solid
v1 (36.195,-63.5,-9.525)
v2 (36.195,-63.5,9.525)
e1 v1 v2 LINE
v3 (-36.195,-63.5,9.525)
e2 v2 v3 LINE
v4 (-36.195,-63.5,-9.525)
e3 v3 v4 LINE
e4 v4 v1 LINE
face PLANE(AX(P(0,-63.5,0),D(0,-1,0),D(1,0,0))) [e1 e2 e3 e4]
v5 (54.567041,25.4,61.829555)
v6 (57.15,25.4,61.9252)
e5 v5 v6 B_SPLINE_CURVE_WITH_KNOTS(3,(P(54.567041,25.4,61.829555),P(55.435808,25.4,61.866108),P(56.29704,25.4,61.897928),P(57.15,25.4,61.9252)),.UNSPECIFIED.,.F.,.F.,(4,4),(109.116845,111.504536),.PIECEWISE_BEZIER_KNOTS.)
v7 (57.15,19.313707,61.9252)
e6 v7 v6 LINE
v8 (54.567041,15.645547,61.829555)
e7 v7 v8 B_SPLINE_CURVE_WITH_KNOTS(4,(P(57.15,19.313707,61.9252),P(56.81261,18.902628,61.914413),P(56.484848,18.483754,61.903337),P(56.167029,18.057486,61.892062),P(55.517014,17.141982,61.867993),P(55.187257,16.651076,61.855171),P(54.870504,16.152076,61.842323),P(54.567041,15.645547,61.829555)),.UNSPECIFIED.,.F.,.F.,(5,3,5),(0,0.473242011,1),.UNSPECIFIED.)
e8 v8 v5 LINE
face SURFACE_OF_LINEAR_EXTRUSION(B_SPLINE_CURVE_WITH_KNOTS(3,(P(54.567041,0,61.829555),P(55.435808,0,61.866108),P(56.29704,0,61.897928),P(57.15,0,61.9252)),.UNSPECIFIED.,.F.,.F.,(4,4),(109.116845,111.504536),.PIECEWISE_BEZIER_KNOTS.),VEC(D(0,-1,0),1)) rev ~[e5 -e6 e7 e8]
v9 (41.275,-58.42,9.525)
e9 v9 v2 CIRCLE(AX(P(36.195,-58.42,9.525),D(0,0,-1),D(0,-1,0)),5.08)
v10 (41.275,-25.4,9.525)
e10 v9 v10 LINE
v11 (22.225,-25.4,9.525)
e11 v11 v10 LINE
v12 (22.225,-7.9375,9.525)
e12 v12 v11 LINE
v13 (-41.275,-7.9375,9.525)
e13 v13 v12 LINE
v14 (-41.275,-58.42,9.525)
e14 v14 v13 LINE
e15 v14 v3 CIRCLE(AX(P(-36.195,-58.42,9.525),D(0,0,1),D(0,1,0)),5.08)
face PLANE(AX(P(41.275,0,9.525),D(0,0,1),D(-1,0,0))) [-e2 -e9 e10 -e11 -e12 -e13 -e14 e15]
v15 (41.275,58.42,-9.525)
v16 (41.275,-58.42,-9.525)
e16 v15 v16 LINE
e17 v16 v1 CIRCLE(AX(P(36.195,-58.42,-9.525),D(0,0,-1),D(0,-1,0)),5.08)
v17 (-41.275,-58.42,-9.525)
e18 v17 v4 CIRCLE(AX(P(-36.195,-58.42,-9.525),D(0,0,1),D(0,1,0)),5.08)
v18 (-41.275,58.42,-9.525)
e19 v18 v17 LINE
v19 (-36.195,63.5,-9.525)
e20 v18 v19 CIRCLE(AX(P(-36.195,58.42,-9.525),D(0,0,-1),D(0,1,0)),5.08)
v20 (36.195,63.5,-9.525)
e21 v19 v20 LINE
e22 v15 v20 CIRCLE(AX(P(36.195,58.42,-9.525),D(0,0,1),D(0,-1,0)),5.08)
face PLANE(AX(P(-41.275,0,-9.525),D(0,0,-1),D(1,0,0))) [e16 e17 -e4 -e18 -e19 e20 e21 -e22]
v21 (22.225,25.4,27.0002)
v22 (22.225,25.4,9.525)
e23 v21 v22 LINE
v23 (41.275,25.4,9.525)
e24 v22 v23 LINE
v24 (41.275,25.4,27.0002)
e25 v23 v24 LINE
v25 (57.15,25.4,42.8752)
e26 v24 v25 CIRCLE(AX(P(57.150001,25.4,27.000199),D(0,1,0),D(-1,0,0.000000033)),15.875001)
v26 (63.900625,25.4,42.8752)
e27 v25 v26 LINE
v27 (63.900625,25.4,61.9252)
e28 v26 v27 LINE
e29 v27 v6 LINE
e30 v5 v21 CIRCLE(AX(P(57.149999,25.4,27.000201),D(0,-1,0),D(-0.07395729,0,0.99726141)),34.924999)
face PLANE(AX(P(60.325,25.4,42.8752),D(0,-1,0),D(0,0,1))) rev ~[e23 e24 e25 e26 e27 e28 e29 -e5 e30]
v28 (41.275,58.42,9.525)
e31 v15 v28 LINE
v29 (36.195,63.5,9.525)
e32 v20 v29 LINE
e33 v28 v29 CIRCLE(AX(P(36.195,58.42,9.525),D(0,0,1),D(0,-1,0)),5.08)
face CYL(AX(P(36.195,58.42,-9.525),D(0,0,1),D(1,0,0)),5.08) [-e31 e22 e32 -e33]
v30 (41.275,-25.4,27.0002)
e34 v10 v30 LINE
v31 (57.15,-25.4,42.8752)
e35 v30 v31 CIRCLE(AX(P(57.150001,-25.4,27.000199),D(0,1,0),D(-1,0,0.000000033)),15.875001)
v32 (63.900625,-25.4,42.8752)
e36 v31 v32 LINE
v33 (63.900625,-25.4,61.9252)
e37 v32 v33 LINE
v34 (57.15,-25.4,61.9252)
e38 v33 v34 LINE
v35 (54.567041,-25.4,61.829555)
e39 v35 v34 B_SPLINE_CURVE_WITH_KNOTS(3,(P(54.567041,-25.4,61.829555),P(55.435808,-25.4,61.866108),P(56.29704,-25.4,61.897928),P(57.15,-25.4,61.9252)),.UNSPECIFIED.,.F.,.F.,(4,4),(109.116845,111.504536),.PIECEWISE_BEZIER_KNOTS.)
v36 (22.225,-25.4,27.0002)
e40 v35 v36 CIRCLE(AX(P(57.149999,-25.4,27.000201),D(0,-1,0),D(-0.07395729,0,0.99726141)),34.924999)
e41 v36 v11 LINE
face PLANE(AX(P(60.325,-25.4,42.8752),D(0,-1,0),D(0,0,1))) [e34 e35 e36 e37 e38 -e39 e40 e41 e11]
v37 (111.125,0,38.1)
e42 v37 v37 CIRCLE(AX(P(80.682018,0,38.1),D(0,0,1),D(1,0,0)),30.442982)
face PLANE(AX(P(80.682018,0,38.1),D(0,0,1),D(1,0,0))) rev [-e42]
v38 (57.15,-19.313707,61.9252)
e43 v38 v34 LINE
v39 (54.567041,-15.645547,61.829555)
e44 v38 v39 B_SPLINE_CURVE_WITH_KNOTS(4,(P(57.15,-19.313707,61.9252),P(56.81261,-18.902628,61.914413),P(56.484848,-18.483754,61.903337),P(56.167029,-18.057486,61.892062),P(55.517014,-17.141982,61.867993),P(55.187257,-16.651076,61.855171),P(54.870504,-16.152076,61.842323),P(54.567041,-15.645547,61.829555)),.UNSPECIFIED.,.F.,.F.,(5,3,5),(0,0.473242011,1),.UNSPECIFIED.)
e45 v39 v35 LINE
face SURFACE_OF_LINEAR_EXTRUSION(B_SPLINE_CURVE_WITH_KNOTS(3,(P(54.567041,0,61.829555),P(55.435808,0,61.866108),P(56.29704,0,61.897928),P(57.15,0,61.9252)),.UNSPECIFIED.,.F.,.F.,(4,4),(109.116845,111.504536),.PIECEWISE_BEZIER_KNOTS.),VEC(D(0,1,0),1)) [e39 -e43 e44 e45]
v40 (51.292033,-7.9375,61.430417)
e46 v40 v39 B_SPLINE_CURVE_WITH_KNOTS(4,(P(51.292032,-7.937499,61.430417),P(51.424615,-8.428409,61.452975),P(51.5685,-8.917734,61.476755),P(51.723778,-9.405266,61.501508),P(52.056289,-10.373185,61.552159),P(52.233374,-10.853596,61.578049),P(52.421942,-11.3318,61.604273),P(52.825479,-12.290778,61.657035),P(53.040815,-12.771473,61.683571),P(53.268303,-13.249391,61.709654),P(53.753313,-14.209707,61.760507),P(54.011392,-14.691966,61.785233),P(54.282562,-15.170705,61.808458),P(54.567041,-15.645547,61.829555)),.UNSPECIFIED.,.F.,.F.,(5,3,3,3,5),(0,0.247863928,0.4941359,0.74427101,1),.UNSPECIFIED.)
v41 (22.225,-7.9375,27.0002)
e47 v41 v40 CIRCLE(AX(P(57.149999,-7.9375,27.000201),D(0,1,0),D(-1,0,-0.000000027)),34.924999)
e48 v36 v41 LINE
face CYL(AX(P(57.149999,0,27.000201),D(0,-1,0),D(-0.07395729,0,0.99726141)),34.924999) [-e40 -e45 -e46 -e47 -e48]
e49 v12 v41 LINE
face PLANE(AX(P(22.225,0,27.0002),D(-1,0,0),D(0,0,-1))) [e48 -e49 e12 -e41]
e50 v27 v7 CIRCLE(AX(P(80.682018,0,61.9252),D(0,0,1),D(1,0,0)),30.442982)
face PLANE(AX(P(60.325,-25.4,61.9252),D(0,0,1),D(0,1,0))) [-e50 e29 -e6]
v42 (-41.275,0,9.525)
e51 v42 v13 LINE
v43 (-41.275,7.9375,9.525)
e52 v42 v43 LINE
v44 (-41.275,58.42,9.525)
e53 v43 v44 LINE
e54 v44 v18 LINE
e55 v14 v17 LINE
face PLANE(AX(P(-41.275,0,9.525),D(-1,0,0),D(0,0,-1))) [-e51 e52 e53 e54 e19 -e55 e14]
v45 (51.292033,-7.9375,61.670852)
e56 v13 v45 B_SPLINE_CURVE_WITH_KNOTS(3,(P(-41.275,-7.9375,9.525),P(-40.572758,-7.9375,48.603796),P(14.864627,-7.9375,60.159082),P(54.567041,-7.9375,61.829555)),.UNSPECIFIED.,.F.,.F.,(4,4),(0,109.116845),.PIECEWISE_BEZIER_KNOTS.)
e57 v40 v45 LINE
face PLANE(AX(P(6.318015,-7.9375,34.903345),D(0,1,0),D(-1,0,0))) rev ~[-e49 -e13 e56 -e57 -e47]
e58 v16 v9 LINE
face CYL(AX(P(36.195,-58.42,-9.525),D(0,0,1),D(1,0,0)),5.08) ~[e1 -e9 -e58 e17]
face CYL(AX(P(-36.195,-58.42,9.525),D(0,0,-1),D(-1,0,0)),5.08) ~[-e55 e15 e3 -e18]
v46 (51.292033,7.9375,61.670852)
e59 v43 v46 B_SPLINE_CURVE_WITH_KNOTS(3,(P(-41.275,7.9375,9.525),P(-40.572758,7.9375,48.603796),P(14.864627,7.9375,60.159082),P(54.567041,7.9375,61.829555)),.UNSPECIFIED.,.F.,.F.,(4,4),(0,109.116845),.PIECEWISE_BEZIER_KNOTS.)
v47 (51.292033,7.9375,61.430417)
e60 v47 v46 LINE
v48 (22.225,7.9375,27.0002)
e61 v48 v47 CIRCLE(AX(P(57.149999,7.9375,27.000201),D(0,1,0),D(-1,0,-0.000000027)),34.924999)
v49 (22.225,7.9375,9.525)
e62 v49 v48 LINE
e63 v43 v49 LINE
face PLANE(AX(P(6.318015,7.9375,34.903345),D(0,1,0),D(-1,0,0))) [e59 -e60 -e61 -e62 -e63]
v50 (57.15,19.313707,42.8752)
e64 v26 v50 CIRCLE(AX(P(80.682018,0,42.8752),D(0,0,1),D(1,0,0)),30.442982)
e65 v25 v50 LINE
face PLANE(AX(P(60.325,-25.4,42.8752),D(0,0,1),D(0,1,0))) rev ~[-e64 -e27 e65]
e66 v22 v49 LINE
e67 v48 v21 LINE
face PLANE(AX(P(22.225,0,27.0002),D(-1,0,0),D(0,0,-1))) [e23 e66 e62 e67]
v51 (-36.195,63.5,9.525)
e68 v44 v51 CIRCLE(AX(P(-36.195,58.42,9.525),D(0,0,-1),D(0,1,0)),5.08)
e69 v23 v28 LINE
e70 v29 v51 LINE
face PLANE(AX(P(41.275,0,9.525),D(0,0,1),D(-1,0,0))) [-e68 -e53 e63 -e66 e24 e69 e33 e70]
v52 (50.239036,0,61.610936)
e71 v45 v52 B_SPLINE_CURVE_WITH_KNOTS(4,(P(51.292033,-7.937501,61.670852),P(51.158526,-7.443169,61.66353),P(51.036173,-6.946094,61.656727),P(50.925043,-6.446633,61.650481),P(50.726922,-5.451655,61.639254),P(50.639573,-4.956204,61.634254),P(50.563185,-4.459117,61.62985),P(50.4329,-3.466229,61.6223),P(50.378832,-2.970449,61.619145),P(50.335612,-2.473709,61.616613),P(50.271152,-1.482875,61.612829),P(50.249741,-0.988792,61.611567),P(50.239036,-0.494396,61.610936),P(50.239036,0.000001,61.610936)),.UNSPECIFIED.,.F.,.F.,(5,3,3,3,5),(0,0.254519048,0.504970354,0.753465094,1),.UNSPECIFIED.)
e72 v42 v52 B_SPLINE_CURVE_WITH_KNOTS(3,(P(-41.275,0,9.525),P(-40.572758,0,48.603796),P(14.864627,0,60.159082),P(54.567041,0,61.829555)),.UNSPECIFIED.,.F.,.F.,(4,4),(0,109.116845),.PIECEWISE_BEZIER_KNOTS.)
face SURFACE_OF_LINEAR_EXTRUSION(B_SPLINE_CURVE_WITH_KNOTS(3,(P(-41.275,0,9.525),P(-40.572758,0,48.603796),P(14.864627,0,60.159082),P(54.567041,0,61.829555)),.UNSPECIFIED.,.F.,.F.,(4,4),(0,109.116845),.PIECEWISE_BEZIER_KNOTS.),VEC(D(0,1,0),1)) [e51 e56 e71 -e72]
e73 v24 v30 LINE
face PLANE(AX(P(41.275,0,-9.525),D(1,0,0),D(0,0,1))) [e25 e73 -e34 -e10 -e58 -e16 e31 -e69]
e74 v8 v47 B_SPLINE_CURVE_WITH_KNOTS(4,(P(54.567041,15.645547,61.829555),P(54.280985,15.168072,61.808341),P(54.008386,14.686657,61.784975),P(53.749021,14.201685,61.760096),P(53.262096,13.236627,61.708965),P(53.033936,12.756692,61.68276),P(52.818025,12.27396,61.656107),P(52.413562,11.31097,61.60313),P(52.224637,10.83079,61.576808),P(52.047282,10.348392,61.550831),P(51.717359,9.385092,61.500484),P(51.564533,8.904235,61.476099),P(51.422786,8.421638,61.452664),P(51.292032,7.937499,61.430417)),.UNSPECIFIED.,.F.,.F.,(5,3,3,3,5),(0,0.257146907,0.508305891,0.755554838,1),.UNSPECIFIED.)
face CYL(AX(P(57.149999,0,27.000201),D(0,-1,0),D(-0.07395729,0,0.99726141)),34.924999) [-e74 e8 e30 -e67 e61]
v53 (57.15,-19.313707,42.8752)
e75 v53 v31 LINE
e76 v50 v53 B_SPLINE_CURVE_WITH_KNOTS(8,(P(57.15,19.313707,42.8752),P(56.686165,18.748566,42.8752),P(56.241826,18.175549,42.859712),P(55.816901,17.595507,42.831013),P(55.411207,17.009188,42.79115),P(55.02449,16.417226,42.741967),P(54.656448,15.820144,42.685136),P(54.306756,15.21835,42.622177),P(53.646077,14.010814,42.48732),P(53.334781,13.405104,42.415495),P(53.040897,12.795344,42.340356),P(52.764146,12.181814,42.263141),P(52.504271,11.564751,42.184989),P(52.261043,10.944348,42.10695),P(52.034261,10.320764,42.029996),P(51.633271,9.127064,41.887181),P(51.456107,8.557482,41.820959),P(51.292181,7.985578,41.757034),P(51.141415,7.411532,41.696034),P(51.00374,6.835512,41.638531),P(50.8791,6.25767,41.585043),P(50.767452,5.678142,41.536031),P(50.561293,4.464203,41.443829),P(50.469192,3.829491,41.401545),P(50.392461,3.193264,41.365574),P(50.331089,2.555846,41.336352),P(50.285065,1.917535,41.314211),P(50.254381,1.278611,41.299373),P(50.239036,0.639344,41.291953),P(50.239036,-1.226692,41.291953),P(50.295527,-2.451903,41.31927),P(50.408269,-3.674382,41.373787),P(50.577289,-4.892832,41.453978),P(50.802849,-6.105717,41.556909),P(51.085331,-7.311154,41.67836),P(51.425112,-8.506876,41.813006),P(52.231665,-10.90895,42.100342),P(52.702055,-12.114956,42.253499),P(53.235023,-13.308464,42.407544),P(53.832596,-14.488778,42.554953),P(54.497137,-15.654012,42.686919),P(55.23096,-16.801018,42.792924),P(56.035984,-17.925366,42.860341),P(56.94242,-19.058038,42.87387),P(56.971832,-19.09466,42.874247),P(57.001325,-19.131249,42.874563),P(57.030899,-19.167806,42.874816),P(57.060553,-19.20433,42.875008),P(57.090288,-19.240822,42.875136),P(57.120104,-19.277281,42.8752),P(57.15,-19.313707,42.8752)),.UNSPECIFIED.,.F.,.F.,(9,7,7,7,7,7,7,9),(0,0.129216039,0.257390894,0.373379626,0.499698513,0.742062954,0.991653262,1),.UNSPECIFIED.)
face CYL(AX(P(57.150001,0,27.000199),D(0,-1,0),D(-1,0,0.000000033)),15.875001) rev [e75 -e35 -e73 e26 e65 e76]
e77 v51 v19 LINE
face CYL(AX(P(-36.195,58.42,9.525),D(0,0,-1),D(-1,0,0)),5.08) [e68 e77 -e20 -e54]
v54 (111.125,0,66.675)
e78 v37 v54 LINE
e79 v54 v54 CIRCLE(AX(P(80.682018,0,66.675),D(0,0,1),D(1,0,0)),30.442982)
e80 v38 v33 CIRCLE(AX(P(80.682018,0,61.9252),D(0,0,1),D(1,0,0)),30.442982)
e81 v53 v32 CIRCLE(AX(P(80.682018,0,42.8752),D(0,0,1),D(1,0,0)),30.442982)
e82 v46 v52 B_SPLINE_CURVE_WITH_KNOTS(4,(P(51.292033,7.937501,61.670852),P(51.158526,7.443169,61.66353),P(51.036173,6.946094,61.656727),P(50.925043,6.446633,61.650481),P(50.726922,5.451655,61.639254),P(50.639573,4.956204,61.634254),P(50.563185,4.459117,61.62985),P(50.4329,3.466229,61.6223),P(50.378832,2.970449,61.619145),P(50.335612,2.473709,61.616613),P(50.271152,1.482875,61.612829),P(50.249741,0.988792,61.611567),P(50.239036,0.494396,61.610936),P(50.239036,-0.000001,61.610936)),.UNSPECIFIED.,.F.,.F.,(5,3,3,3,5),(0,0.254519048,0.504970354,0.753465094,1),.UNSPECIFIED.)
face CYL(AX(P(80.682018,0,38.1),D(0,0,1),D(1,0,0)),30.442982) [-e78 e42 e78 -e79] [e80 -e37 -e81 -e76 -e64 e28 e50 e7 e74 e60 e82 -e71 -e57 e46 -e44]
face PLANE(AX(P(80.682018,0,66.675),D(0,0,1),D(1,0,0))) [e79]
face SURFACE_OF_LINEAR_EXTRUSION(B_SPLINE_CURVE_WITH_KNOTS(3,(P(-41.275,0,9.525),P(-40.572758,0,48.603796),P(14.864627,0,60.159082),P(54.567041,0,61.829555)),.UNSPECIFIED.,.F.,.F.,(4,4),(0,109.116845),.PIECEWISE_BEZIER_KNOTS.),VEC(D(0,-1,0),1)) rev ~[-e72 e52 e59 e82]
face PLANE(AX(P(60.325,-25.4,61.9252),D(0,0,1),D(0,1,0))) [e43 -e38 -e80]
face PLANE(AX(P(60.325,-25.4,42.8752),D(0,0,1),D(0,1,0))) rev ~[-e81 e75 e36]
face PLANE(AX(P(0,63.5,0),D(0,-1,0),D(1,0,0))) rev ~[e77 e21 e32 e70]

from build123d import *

# Parameters (mm, degrees)
F1_DEPTH  = 63.5
F2_DEPTH  = 25.4
F3_DEPTH  = 7.9375
F2_FACE_W = 50.8
F2_FACE_H = 19.05
F4_DEPTH  = 25.4
F6_R      = 5.08


with BuildPart() as f1:
    # F0 (on Front) → F1 (new body, symmetric)
    with BuildSketch(Plane.XZ):
        Polygon((22.225, 9.525), (-41.275, 9.525), (-41.275, -9.525), (41.275, -9.525), (41.275, 9.525), align=None)
    extrude(amount=F1_DEPTH, both=True)

    # F0 (on Front) → F2 (join, symmetric)
    with BuildSketch(Plane.XZ):
        with BuildLine():
            Line((22.225, 27.0002), (22.225, 9.525))
            Line((22.225, 9.525), (41.275, 9.525))
            Line((41.275, 9.525), (41.275, 27.0002))
            ThreePointArc((41.275, 27.0002), (45.92468, 38.22552), (57.15, 42.8752))
            Line((57.15, 42.8752), (60.325, 42.8752))
            Line((60.325, 42.8752), (60.325, 61.9252))
            Line((60.325, 61.9252), (57.15, 61.9252))
            add(Edge.make_bspline(
                [(54.567041, 61.829555), (55.435808, 61.866108), (56.29704, 61.897928), (57.15, 61.9252)],
                knots=[109.116845, 109.116845, 109.116845, 109.116845, 111.504536, 111.504536, 111.504536, 111.504536], degree=3))
            ThreePointArc((54.567041, 61.829555), (31.557369, 50.765151), (22.225, 27.0002))
        make_face()
    extrude(amount=F2_DEPTH, both=True)

    # F0 (on Front) → F3 (join, symmetric)
    with BuildSketch(Plane.XZ):
        with BuildLine():
            add(Edge.make_bspline(
                [(-41.275, 9.525), (-40.572758, 48.603796), (14.864627, 60.159082), (54.567041, 61.829555)],
                knots=[0, 0, 0, 0, 109.116845, 109.116845, 109.116845, 109.116845], degree=3))
            Line((-41.275, 9.525), (22.225, 9.525))
            Line((22.225, 9.525), (22.225, 27.0002))
            ThreePointArc((22.225, 27.0002), (31.557369, 50.765151), (54.567041, 61.829555))
        make_face()
    extrude(amount=F3_DEPTH, both=True)

    # F2_face (on face) → F4 (join)
    with BuildSketch(Plane(origin=(60.325, 0, 52.4002), x_dir=(0, 1, 0), z_dir=(1, 0, 0))):
        Rectangle(F2_FACE_W, F2_FACE_H)
    extrude(amount=F4_DEPTH)

    # F0 (on Front) → F5 (revolve)
    with BuildSketch(Plane.XZ):
        Polygon((80.682018, 66.675), (80.682018, 61.9252), (80.682018, 42.8752), (80.682018, 38.1), (111.125, 38.1), (111.125, 66.675), align=None)
    revolve(axis=Axis((80.682018, 0, 52.3875), (0, 0, 1)))

    # F6
    f6_edges = [f1.edges().sort_by_distance(p)[0] for p in [
        (-41.275, 63.5, 0),
        (-41.275, -63.5, 0),
        (41.275, 63.5, 0),
        (41.275, -63.5, 0),
    ]]
    fillet(f6_edges, radius=F6_R)


solid = f1.part
